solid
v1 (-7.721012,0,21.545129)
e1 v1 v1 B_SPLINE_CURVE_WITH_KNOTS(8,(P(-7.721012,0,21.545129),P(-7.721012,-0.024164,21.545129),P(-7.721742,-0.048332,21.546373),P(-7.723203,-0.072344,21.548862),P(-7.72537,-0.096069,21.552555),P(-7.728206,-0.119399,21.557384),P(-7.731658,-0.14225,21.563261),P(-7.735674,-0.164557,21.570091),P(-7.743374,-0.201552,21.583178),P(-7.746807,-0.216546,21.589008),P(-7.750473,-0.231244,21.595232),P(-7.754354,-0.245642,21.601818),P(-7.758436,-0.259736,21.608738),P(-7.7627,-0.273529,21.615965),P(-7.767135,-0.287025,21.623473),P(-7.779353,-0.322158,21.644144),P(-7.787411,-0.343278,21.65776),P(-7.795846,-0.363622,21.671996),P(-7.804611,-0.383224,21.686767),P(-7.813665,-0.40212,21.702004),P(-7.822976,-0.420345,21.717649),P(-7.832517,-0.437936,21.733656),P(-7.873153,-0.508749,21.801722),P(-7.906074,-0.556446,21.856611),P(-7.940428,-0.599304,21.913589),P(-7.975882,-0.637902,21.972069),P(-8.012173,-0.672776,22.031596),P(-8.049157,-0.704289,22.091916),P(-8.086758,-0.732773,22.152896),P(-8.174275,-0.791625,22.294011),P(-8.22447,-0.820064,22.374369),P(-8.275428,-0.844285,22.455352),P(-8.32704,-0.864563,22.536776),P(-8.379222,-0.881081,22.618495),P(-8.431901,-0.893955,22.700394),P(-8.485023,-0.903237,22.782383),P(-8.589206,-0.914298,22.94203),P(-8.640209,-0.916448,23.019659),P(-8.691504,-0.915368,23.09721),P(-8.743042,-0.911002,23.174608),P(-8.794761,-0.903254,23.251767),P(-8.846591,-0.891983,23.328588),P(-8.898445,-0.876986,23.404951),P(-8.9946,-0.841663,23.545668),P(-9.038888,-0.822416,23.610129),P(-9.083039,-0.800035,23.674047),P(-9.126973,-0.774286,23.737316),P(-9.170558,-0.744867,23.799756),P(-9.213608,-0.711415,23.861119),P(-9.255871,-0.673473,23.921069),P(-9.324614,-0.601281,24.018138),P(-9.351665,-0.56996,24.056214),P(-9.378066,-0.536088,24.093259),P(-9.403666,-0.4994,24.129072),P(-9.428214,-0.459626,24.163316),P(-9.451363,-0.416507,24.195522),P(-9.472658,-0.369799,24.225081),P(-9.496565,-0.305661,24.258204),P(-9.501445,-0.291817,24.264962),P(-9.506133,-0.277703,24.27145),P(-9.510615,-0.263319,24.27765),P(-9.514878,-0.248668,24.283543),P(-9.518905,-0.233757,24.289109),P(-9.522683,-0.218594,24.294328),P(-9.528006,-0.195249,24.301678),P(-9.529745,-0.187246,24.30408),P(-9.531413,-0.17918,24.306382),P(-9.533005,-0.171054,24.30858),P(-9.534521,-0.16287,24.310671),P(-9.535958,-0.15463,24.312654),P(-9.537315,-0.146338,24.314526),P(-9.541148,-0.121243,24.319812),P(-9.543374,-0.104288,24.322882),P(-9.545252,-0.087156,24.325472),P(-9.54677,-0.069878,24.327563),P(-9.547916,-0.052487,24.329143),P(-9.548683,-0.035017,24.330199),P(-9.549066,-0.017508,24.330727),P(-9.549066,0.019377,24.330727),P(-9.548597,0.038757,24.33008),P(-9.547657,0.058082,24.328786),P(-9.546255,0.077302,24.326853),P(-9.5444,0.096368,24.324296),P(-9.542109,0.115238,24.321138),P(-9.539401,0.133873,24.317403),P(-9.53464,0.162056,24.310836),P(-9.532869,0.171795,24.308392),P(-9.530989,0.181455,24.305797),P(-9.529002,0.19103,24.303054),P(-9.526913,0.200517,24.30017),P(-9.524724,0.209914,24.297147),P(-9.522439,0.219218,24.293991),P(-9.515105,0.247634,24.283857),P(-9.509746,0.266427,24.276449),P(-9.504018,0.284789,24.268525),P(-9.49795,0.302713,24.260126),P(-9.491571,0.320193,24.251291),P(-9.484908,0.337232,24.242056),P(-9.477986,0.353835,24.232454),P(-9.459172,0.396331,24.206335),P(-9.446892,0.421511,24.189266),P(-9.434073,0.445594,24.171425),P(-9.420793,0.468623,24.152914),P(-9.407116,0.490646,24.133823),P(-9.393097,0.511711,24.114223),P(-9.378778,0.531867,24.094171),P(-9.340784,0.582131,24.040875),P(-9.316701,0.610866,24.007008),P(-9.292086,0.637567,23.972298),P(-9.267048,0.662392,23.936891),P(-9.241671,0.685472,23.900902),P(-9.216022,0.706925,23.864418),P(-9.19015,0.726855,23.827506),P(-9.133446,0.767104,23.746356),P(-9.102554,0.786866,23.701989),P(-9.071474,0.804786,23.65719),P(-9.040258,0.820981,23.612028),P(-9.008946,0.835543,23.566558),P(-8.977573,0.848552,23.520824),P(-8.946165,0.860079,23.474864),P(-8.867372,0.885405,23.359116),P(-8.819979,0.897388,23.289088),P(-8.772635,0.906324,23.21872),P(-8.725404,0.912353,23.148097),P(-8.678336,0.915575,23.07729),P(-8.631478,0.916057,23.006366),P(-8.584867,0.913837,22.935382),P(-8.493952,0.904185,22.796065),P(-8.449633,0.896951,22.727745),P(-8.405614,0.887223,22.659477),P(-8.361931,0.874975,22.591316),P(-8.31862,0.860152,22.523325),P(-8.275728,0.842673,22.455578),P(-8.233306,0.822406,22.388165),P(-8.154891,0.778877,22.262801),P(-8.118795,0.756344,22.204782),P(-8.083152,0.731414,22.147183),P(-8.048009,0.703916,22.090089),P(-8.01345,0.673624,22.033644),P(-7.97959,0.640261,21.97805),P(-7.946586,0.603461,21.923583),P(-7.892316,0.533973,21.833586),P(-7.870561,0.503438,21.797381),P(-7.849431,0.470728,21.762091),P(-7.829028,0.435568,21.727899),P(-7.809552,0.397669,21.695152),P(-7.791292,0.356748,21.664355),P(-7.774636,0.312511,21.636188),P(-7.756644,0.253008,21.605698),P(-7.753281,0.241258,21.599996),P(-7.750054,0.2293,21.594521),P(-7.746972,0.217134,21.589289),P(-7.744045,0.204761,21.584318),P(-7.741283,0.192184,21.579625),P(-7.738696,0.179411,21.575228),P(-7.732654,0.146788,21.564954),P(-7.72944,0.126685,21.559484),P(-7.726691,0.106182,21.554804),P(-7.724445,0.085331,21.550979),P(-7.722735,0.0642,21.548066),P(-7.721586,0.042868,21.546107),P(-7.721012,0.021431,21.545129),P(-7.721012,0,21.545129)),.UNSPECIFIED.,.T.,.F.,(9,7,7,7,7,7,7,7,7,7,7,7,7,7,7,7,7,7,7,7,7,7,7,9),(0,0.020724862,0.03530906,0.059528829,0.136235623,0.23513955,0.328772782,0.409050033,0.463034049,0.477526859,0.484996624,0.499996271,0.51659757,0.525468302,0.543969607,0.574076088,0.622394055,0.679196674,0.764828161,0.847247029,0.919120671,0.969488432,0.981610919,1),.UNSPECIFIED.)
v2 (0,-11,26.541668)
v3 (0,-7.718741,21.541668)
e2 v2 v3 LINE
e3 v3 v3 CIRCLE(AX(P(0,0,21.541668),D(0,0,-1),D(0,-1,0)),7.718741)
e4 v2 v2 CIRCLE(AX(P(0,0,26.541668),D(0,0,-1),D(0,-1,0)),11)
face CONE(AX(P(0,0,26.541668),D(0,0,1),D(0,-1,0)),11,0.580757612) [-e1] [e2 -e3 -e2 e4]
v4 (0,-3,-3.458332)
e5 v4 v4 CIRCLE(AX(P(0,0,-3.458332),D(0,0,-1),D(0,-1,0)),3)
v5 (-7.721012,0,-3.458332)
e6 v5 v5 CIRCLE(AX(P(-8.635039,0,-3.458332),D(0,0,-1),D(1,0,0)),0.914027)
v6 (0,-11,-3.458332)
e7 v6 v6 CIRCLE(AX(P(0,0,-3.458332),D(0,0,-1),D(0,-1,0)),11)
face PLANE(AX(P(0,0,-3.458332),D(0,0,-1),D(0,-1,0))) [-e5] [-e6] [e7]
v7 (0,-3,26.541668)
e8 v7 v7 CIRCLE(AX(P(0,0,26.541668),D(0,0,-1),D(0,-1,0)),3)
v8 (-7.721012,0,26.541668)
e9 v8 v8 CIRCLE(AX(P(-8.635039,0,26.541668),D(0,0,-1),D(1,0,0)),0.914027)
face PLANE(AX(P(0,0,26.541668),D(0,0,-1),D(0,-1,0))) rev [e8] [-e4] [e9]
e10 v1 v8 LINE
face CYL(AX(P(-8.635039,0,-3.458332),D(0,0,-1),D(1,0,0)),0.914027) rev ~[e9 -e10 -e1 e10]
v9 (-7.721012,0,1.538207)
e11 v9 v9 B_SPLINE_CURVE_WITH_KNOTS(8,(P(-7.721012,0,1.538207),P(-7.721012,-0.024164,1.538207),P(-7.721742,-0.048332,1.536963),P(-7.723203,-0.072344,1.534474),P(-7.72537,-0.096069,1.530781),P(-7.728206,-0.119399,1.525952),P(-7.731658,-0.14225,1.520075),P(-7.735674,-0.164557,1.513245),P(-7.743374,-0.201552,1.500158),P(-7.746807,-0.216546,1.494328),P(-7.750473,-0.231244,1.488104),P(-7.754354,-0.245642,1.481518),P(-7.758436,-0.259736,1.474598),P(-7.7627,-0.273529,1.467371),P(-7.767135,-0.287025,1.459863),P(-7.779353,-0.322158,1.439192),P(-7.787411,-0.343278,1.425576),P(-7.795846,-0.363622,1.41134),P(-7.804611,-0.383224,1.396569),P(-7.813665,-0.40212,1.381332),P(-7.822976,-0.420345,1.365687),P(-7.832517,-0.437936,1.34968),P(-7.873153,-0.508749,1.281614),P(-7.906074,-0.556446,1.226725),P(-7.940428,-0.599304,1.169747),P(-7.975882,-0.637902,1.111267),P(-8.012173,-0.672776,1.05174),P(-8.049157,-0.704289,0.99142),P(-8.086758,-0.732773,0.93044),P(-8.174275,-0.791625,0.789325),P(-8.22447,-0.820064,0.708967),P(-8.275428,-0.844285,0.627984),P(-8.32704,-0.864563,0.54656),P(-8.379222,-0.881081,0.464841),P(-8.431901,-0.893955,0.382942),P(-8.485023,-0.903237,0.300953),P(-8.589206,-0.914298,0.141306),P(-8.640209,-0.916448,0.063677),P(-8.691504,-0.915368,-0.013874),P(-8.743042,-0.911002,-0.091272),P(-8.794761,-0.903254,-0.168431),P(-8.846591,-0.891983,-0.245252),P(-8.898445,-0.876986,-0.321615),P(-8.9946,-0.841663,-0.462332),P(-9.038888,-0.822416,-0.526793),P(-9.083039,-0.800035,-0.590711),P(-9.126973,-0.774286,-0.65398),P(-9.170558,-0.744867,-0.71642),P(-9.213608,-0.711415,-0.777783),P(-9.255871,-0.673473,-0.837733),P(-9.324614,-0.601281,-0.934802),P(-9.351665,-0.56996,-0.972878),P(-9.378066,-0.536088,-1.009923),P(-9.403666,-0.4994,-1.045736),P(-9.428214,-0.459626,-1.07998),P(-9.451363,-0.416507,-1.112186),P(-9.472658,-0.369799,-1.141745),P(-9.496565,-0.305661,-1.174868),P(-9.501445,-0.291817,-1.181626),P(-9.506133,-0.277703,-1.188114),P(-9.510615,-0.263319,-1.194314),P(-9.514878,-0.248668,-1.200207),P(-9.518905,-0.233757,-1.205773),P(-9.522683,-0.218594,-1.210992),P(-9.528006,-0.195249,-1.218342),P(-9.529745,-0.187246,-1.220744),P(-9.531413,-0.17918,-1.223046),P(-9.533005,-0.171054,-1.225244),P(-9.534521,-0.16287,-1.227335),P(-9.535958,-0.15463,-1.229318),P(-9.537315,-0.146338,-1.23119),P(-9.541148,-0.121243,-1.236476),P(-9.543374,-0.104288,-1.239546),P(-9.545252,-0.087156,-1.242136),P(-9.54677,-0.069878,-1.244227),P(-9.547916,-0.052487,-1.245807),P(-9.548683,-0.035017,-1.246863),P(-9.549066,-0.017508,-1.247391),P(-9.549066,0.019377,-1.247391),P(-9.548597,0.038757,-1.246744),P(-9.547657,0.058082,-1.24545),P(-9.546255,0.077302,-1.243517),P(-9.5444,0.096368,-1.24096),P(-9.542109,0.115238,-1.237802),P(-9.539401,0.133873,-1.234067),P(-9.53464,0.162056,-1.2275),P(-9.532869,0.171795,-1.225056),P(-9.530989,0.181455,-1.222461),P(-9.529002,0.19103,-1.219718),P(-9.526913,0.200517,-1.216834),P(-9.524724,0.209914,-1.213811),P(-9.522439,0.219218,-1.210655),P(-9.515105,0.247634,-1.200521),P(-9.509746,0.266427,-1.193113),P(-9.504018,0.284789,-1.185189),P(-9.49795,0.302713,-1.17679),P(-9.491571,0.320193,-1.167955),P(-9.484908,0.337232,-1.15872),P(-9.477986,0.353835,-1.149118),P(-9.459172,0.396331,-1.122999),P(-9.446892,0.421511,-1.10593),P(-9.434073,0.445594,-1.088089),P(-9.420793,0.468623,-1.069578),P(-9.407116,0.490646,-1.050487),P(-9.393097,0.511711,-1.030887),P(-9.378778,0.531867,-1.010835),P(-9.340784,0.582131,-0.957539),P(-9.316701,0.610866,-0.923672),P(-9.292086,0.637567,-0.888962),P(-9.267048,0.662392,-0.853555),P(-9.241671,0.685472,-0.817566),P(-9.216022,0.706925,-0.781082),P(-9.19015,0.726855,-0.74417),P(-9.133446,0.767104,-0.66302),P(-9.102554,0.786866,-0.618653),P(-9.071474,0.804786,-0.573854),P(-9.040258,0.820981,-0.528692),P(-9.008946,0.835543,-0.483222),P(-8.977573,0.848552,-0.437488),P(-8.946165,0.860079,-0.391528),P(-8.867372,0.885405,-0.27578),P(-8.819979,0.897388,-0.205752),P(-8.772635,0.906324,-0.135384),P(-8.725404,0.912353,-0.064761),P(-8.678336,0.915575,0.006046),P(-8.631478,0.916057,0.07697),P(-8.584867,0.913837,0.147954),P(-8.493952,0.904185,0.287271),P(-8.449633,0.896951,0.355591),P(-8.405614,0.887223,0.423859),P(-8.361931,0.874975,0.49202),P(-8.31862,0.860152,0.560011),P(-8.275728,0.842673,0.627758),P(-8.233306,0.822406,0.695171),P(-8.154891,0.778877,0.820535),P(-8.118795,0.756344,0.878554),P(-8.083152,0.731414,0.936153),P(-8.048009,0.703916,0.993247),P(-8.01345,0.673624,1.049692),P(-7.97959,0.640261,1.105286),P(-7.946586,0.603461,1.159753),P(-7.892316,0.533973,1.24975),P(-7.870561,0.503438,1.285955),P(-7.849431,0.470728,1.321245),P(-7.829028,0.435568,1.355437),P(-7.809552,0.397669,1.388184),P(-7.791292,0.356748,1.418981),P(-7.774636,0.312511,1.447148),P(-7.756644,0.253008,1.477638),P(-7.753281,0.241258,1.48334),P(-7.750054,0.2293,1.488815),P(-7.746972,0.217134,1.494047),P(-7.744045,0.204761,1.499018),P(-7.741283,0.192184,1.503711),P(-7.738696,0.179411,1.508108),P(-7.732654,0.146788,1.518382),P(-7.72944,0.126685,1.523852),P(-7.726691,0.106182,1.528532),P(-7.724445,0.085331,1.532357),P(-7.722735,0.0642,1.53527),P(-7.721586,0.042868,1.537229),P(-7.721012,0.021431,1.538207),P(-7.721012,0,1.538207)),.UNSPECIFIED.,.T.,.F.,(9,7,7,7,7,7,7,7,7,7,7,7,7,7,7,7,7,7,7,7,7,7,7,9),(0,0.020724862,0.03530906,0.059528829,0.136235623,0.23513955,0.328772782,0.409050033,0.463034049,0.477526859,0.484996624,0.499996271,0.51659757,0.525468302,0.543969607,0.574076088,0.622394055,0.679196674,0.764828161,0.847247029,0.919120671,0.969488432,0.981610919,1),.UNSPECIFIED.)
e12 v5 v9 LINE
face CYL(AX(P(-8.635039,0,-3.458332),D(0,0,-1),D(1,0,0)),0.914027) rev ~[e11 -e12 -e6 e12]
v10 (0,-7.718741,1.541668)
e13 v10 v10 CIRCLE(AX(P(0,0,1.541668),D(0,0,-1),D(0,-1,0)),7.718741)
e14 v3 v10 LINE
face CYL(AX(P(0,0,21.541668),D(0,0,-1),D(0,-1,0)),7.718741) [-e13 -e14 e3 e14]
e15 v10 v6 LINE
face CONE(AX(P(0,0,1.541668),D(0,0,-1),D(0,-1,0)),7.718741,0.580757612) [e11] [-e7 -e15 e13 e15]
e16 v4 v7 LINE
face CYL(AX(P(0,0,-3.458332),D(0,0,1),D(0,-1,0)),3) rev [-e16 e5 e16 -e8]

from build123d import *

# Parameters (mm, degrees)
F2_R     = 0.914027
F3_DEPTH = 30


with BuildPart() as f1:
    # F0 (on Right) → F1 (revolve)
    with BuildSketch(Plane.YZ):
        Polygon((-3, -3.458332), (-3, 26.541668), (-11, 26.541668), (-7.718741, 21.541668), (-7.718741, 1.541668), (-11, -3.458332), align=None)
    revolve(axis=Axis((0, 0, -8.260414), (0, 0, -1)))

    # F2 (on face) → F3 (cut)
    with BuildSketch(Plane(origin=(0, 0, -3.458332), x_dir=(1, 0, 0), z_dir=(0, 0, -1))):
        with Locations((-8.635039, 0)):
            Circle(F2_R)
    extrude(amount=-F3_DEPTH, mode=Mode.SUBTRACT)


solid = f1.part
